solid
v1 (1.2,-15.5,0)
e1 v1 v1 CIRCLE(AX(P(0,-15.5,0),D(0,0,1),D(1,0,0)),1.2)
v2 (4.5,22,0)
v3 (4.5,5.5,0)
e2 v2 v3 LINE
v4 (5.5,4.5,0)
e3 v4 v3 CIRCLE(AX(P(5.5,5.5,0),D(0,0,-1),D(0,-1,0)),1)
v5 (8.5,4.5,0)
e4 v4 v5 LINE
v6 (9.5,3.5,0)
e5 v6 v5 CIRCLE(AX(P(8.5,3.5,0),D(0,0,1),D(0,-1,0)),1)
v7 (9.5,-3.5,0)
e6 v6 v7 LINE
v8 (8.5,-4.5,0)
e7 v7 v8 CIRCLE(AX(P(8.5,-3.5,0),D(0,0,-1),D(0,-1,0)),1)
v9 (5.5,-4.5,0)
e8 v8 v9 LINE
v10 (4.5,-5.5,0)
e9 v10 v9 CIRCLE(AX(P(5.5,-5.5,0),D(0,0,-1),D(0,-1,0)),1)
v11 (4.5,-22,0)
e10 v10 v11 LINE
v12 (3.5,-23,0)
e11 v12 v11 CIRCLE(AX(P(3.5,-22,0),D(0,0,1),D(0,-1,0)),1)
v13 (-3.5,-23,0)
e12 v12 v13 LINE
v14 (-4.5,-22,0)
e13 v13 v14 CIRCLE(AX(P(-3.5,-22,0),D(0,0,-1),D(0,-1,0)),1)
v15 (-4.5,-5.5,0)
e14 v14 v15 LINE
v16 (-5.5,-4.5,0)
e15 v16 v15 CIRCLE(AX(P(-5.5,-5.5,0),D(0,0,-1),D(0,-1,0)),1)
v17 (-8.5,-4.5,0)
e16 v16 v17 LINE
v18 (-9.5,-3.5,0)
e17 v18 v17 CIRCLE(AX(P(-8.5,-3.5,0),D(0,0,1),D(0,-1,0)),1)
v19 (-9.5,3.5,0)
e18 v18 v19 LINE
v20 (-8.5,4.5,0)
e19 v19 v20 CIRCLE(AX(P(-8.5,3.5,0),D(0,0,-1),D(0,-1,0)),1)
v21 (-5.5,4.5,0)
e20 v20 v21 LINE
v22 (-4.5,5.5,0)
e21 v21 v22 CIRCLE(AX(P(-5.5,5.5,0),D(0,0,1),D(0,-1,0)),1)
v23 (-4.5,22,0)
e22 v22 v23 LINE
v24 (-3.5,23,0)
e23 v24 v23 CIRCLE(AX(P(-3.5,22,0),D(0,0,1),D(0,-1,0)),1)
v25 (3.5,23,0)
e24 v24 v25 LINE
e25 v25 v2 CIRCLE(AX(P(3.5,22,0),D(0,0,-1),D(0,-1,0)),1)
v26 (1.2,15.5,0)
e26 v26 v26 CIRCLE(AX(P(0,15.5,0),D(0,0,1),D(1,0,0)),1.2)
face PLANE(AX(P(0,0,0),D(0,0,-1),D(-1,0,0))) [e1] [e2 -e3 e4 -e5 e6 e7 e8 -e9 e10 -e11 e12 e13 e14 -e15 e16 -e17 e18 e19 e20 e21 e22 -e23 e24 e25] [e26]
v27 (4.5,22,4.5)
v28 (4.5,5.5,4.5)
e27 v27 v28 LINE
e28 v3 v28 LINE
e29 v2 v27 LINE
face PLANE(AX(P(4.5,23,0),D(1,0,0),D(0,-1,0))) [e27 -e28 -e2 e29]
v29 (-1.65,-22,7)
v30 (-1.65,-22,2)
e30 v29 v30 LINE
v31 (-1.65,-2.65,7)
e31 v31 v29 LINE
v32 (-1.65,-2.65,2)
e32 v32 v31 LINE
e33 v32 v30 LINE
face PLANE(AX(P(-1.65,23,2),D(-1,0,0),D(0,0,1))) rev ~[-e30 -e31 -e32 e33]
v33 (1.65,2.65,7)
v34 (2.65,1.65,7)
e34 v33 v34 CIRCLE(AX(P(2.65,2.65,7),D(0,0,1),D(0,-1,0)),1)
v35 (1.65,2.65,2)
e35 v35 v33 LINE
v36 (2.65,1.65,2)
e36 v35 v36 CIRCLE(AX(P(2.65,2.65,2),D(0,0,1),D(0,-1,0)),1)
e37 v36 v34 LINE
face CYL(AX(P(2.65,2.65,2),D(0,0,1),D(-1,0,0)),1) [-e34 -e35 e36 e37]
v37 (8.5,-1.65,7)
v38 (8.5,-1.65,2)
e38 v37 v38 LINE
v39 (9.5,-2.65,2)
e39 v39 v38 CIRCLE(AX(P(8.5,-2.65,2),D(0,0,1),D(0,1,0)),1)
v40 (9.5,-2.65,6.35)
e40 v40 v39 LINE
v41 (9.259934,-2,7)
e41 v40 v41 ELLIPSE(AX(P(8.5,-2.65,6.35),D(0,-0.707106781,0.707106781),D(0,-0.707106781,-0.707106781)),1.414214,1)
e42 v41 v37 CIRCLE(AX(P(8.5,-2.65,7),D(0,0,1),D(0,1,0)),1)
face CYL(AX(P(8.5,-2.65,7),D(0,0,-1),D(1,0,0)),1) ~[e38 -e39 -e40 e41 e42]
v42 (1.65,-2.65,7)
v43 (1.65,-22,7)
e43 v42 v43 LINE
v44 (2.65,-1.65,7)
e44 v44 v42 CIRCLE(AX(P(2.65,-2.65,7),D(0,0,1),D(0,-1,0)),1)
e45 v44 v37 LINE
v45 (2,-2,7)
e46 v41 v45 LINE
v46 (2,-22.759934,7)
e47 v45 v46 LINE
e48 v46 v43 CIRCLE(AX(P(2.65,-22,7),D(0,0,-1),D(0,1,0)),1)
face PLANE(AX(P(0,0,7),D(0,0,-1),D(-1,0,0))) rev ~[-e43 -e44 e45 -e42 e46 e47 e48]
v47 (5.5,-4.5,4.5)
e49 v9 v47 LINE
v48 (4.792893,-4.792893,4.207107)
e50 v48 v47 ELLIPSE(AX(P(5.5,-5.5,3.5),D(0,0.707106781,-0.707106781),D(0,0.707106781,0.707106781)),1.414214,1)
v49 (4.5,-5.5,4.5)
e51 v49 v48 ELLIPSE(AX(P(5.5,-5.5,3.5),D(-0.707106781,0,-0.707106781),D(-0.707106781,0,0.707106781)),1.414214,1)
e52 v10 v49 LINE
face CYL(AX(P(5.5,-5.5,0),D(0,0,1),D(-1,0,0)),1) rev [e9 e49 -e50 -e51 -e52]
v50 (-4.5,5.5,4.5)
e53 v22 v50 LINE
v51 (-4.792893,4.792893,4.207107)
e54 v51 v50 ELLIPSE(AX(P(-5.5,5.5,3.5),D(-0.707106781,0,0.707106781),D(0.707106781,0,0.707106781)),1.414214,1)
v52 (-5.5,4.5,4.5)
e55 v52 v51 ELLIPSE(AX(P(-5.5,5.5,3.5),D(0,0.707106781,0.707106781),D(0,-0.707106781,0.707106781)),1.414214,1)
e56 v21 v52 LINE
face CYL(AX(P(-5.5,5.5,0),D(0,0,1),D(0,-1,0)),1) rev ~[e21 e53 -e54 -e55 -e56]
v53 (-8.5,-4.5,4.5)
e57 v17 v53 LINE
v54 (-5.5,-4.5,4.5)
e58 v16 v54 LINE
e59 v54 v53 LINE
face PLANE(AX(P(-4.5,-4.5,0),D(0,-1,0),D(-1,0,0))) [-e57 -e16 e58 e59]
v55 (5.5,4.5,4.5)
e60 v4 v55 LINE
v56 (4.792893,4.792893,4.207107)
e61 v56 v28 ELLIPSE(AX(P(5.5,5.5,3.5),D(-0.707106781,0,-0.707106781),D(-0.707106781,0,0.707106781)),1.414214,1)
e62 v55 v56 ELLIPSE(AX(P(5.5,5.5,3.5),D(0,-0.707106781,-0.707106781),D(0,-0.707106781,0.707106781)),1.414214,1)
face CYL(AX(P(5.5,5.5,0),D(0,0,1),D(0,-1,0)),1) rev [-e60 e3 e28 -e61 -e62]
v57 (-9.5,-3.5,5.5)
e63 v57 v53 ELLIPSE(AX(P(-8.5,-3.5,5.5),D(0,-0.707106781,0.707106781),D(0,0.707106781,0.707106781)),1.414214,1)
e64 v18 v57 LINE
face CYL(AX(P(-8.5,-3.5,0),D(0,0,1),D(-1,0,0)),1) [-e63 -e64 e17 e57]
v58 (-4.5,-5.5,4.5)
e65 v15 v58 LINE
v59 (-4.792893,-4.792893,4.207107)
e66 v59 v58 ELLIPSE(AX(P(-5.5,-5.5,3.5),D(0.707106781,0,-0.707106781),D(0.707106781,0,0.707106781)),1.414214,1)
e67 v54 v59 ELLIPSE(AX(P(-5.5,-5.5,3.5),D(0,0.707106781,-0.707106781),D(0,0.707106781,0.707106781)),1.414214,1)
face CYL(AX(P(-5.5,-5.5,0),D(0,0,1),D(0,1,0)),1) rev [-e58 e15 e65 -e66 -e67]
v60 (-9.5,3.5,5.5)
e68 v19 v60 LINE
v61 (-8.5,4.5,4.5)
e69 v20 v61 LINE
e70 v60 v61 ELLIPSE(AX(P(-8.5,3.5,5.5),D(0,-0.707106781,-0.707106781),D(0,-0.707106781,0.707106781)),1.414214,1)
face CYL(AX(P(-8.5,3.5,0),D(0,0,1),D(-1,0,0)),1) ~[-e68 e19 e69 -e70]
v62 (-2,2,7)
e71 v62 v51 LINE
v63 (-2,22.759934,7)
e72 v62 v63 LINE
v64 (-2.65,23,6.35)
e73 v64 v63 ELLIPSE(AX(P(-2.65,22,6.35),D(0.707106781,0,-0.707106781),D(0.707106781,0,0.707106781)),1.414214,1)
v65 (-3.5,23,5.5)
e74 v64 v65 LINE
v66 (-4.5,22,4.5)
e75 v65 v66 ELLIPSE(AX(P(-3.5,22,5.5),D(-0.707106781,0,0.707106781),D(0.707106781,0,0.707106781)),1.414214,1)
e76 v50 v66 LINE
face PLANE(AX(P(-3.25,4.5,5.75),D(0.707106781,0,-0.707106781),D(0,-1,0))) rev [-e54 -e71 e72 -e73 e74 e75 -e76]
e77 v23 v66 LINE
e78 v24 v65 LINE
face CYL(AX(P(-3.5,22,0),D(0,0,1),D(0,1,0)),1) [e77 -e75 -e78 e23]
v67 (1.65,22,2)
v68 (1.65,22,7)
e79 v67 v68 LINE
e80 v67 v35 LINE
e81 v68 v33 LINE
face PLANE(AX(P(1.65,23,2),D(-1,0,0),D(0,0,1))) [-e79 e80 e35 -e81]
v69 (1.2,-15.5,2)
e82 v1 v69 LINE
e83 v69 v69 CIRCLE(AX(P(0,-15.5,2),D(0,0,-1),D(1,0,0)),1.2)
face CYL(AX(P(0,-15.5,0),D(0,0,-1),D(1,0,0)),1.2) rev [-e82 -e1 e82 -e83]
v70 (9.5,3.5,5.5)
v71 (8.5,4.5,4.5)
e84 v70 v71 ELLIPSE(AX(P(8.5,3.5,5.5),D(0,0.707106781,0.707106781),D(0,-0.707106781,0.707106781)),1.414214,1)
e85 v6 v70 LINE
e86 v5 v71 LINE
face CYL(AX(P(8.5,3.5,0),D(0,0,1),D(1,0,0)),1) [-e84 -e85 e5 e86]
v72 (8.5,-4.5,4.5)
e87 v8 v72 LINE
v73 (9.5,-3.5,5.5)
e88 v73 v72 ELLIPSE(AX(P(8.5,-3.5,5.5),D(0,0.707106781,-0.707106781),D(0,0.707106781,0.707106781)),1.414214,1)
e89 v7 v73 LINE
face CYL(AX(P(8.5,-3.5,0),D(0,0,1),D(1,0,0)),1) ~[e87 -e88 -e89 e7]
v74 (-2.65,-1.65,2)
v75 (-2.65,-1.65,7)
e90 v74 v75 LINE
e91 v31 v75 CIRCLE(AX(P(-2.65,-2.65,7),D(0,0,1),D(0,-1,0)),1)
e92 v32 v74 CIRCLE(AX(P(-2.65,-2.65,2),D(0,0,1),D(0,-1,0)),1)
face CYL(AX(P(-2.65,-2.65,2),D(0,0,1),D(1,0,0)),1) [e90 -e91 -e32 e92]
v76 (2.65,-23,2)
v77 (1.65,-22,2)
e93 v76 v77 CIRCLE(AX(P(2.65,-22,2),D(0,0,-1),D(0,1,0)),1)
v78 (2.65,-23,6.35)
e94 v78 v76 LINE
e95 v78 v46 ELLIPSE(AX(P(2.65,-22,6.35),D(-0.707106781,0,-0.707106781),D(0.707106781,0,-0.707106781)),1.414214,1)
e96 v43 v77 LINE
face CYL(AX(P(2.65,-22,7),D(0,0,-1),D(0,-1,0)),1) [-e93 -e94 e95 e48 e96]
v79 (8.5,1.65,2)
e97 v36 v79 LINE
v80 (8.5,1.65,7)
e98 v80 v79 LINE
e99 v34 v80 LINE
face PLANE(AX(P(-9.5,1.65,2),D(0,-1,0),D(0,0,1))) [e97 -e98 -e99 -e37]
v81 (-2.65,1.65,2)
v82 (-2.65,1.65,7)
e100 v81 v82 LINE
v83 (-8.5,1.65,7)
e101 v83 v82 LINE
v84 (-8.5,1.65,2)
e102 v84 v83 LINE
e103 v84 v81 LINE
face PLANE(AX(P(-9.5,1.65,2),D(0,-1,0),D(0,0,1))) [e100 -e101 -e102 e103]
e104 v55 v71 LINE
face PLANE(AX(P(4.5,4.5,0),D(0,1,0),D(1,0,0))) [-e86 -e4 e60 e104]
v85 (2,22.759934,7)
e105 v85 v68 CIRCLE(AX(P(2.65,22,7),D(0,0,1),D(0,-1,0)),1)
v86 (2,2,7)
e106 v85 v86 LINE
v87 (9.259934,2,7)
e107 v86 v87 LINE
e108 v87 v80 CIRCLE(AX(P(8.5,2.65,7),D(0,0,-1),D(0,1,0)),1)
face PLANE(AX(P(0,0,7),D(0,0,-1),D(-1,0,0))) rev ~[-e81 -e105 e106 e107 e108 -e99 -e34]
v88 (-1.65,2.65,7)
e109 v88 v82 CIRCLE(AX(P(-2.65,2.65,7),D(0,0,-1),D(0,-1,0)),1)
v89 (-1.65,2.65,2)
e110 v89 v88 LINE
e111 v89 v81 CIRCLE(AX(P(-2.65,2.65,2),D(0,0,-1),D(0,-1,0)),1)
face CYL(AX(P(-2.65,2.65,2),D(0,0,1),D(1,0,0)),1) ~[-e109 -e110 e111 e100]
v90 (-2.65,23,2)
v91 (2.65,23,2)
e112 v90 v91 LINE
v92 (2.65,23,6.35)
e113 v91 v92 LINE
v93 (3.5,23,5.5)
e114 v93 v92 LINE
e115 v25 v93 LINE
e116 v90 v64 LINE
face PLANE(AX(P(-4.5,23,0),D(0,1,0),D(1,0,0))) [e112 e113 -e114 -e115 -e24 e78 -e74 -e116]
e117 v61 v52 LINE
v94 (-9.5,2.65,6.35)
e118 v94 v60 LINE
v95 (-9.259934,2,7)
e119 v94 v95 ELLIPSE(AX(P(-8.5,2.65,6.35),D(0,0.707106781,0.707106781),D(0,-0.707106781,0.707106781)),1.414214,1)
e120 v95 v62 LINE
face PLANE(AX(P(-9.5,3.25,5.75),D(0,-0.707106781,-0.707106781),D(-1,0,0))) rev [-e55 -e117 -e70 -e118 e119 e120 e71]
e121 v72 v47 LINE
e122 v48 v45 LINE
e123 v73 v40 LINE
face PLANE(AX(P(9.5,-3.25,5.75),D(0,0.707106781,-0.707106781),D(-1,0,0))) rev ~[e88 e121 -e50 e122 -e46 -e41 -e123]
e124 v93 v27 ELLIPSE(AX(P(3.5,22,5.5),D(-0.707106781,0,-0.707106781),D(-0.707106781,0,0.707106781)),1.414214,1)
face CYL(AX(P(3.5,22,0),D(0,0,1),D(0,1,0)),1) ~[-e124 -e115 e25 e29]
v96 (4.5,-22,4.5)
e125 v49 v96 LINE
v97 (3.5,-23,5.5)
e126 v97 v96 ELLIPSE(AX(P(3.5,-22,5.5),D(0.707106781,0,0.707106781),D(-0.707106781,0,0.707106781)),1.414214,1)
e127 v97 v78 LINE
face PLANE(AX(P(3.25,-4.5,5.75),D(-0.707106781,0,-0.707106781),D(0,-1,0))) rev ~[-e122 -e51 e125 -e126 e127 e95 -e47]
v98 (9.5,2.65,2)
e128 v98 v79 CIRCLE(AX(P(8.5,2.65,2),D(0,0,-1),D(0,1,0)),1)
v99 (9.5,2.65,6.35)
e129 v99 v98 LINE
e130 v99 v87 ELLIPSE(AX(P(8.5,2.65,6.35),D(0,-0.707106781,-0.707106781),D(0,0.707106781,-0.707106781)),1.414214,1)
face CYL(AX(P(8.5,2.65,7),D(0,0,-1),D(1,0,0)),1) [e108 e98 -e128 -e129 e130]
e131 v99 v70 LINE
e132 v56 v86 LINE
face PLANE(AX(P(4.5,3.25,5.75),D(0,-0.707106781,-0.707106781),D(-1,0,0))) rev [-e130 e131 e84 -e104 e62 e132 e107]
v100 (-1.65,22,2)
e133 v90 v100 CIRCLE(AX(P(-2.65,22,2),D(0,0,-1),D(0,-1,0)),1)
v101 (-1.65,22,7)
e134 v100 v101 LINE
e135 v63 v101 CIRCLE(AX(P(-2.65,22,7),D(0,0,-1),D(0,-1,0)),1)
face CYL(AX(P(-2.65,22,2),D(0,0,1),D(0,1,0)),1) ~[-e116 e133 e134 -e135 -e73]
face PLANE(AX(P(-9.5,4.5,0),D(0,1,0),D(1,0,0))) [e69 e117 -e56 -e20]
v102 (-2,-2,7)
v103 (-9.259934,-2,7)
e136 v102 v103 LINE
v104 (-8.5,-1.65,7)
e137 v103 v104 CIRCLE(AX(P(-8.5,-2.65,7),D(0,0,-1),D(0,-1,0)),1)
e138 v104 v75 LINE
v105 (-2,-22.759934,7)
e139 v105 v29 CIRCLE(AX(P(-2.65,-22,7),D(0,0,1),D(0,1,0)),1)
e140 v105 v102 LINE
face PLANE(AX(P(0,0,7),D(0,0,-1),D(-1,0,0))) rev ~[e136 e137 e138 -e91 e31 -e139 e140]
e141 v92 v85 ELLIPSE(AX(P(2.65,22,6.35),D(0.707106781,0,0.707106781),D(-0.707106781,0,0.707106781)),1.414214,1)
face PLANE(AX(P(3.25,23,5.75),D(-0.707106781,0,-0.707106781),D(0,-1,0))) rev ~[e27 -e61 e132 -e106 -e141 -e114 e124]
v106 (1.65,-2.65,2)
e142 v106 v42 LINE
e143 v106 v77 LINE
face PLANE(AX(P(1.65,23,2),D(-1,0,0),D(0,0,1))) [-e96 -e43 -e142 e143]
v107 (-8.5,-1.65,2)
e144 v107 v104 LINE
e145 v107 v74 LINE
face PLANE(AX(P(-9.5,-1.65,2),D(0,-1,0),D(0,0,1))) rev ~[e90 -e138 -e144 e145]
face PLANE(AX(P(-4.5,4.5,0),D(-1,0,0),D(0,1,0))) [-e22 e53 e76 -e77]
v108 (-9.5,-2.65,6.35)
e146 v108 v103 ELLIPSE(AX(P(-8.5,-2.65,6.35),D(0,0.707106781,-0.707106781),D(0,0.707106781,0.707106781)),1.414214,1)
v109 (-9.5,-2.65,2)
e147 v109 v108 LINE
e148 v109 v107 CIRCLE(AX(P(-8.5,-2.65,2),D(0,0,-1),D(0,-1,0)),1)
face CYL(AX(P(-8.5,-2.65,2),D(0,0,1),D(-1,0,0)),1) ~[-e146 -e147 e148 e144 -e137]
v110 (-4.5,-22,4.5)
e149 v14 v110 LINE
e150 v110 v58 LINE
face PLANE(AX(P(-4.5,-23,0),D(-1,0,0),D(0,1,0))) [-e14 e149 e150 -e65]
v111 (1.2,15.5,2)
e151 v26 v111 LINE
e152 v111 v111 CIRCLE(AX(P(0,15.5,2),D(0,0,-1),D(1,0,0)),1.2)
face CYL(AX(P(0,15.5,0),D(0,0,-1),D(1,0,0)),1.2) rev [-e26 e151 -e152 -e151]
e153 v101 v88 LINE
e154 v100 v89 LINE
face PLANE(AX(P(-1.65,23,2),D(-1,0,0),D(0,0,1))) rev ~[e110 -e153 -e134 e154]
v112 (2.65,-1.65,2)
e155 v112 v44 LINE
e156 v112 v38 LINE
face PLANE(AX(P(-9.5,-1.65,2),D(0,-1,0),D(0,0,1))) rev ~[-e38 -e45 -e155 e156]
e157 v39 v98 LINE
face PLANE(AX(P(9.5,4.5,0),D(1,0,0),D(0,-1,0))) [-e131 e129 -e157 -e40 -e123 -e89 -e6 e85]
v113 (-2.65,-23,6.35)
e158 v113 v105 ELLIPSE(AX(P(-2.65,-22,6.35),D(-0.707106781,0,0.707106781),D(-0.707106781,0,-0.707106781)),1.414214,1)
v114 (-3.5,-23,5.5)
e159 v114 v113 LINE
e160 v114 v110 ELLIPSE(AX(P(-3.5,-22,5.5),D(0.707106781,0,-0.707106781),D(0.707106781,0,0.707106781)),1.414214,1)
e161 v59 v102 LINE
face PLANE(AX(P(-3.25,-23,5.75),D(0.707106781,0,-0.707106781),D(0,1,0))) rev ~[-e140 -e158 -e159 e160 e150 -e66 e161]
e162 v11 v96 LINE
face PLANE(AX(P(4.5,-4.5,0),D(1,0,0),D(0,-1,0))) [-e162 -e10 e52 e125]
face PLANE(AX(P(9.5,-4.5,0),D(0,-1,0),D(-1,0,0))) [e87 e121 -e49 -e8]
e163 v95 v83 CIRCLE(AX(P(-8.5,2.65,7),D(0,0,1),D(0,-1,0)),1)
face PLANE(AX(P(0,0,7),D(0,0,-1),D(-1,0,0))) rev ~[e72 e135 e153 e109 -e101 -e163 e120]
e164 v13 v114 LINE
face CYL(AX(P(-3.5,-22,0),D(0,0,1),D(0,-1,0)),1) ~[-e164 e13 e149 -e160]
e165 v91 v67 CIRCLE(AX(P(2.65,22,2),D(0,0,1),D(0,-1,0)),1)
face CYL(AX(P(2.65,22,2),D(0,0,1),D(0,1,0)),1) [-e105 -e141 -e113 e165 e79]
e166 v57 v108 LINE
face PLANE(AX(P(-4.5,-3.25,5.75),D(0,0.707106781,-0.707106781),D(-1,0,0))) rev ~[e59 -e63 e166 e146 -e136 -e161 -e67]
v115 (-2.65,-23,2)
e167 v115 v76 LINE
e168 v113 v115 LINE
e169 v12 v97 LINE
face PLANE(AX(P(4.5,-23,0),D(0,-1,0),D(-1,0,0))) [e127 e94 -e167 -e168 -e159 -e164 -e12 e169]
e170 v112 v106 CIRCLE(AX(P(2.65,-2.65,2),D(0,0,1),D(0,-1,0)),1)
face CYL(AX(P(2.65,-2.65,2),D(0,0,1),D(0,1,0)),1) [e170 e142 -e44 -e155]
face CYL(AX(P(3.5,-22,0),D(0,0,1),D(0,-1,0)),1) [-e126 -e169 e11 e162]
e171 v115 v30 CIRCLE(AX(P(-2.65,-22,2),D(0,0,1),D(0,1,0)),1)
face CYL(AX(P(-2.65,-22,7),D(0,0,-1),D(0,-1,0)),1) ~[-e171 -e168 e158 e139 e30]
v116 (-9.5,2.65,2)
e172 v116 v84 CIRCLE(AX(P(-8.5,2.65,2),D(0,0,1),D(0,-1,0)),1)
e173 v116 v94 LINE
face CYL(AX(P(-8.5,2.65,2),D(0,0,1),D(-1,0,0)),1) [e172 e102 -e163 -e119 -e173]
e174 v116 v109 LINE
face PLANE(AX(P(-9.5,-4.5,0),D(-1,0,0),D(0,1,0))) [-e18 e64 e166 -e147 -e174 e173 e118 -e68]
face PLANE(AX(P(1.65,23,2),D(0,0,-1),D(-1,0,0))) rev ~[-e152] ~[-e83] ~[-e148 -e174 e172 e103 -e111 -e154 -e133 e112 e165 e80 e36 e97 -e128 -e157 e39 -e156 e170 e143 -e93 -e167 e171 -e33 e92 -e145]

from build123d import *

# Parameters (mm, degrees)
SKETCH_R        = 1.2
PAD_DEPTH       = 7
SKETCH001_W     = 3.3
SKETCH001_H     = 5
POCKET_DEPTH    = 50
SKETCH002_W     = 3.3
SKETCH002_H     = 5
POCKET001_DEPTH = 30
CHAMFER_SIZE    = 2.5
FILLET_R        = 1
FILLET001_R     = 1


with BuildPart() as part:
    # Sketch → Pad (new body)
    with BuildSketch(Plane.XY):
        Polygon((-4.5, 23), (4.5, 23), (4.5, 4.5), (9.5, 4.5), (9.5, -4.5), (4.5, -4.5), (4.5, -23), (-4.5, -23), (-4.5, -4.5), (-9.5, -4.5), (-9.5, 4.5), (-4.5, 4.5), align=None)
        with Locations((0, 15.5)):
            Circle(SKETCH_R, mode=Mode.SUBTRACT)
        with Locations((0, -15.5)):
            Circle(SKETCH_R, mode=Mode.SUBTRACT)
    extrude(amount=PAD_DEPTH)

    # Sketch001 → Pocket (cut)
    with BuildSketch(Plane(origin=(0, 23, 0), x_dir=(-1, 0, 0), z_dir=(0, 1, 0))):
        with Locations((0, 4.5)):
            Rectangle(SKETCH001_W, SKETCH001_H)
    extrude(amount=-POCKET_DEPTH, mode=Mode.SUBTRACT)

    # Sketch002 → Pocket001 (cut)
    with BuildSketch(Plane(origin=(-9.5, 0, 0), x_dir=(0, -1, 0), z_dir=(-1, 0, 0))):
        with Locations((0, 4.5)):
            Rectangle(SKETCH002_W, SKETCH002_H)
    extrude(amount=-POCKET001_DEPTH, mode=Mode.SUBTRACT)

    # Chamfer
    chamfer_edges = [part.edges().sort_by_distance(p)[0] for p in [
        (-4.5, 13.75, 7),
        (-7, 4.5, 7),
        (4.5, 13.75, 7),
        (7, 4.5, 7),
        (7, -4.5, 7),
        (4.5, -13.75, 7),
        (-4.5, -13.75, 7),
        (-7, -4.5, 7),
    ]]
    chamfer(chamfer_edges, length=CHAMFER_SIZE)

    # Fillet
    fillet_edges = [part.edges().sort_by_distance(p)[0] for p in [
        (-9.5, 1.65, 4.5),
        (-9.5, -1.65, 4.5),
        (-1.65, 23, 4.5),
        (1.65, 23, 4.5),
        (9.5, 1.65, 4.5),
        (9.5, -1.65, 4.5),
        (-1.65, -23, 4.5),
        (1.65, -23, 4.5),
        (1.65, 1.65, 4.5),
        (-1.65, 1.65, 4.5),
        (1.65, -1.65, 4.5),
        (-1.65, -1.65, 4.5),
    ]]
    fillet(fillet_edges, radius=FILLET_R)

    # Fillet001
    fillet001_edges = [part.edges().sort_by_distance(p)[0] for p in [
        (-9.5, -4.5, 2.25),
        (-9.5, 4.5, 2.25),
        (-4.5, 4.5, 2.25),
        (-4.5, 23, 2.25),
        (4.5, 23, 2.25),
        (4.5, 4.5, 2.25),
        (9.5, 4.5, 2.25),
        (9.5, -4.5, 2.25),
        (4.5, -4.5, 2.25),
        (4.5, -23, 2.25),
        (-4.5, -23, 2.25),
        (-4.5, -4.5, 2.25),
    ]]
    fillet(fillet001_edges, radius=FILLET001_R)


solid = part.part
